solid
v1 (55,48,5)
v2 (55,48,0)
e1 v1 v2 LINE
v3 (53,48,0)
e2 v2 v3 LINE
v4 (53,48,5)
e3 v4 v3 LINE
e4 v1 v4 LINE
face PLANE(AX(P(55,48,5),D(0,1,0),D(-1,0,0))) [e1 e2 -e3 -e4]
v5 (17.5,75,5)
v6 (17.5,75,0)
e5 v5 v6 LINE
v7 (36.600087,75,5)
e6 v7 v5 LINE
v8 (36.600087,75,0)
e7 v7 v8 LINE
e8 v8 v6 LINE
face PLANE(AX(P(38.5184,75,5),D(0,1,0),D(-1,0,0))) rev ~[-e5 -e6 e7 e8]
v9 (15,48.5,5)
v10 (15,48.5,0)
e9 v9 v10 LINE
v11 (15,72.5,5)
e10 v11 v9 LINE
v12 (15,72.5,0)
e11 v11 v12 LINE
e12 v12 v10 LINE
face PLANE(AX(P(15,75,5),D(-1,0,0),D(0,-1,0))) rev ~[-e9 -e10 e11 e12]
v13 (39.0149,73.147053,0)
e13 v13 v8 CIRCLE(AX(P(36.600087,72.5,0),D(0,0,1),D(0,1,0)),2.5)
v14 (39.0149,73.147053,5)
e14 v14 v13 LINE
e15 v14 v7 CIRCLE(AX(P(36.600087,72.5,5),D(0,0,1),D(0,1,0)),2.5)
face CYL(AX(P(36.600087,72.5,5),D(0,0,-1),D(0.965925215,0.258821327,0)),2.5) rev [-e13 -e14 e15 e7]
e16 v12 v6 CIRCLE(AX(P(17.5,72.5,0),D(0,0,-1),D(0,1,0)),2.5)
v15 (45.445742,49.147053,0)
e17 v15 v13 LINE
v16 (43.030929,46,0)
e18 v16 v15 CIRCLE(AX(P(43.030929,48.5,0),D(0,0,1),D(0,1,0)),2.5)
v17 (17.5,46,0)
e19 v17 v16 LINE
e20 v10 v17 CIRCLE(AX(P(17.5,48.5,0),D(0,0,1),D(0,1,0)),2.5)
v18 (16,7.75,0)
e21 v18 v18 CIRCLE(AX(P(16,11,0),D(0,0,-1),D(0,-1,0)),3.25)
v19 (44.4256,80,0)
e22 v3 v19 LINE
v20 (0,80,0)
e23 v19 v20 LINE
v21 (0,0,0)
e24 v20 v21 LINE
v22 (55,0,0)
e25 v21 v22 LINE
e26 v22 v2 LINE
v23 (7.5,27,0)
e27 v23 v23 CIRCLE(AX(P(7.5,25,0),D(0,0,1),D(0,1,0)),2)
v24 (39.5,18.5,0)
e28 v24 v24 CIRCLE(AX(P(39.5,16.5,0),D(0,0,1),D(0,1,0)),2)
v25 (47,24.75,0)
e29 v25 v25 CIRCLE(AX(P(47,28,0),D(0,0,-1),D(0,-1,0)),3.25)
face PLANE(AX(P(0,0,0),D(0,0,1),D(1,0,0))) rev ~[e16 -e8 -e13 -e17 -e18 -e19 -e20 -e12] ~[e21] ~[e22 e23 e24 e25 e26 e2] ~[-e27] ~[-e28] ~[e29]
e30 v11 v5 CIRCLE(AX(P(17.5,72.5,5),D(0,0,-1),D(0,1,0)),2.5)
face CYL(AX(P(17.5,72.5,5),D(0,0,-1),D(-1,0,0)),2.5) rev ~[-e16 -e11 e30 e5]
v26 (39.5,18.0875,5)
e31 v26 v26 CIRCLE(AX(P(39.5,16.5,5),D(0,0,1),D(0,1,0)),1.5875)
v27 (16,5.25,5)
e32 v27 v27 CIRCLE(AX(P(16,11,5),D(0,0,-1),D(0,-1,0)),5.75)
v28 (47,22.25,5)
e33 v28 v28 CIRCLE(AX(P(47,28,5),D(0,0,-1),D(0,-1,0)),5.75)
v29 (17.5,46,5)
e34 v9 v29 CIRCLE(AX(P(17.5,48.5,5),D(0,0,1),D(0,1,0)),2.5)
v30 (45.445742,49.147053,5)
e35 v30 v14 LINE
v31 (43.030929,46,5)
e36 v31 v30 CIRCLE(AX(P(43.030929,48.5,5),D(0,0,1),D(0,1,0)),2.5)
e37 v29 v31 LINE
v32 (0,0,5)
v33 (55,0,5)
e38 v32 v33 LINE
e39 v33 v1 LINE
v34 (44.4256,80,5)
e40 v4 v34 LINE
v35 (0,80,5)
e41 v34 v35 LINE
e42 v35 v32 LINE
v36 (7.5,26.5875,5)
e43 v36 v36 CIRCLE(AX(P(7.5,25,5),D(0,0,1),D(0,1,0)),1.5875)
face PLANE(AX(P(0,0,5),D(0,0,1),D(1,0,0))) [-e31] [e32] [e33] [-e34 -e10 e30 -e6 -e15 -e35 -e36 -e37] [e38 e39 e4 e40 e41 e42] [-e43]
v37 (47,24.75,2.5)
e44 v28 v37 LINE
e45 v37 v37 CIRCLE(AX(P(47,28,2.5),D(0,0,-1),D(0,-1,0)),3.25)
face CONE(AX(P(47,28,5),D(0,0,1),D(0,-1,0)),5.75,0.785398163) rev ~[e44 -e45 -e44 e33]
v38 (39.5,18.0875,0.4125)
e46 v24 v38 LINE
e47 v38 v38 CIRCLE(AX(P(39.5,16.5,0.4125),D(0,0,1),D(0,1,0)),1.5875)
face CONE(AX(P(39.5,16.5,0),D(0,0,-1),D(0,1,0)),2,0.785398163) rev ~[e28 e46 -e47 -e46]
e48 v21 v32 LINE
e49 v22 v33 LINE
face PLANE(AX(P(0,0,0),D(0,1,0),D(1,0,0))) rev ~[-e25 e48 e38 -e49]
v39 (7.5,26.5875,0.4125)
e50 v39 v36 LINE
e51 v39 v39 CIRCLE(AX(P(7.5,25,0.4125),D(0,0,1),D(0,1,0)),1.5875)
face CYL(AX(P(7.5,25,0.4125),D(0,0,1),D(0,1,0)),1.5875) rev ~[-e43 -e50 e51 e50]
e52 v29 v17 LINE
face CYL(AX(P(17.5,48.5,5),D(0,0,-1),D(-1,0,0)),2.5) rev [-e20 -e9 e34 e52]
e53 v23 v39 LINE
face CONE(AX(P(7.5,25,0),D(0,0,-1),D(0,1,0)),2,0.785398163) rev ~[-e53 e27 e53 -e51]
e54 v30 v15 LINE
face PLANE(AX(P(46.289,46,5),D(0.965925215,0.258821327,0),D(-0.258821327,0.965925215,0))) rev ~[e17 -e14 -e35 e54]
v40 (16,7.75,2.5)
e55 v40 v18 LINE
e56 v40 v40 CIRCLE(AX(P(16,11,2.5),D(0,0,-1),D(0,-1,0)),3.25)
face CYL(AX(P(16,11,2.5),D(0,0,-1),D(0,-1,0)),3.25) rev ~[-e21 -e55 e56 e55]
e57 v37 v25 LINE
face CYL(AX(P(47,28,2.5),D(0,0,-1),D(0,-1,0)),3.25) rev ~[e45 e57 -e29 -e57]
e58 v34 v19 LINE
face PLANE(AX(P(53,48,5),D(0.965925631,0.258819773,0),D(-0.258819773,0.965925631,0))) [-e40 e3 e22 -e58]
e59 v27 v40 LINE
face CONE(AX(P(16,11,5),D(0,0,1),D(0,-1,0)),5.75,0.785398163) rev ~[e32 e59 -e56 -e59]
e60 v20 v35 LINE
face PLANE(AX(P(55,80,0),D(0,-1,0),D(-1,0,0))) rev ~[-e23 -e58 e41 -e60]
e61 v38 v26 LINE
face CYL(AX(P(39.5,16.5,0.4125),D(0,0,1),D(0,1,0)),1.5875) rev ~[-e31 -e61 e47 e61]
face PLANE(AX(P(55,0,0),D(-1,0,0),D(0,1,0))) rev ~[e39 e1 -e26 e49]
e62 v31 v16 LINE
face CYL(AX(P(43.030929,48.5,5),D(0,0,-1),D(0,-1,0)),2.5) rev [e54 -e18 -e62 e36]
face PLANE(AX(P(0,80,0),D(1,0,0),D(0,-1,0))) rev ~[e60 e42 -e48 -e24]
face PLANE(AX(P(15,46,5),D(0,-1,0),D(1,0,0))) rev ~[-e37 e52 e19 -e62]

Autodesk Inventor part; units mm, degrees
ref_plane "YZ Plane" through (0, 0, 0) normal (1, 0, 0) x (0, 1, 0)
ref_plane "XZ Plane" through (0, 0, 0) normal (0, 1, 0) x (-1, 0, 0)
ref_plane "XY Plane" through (0, 0, 0) normal (0, 0, 1) x (1, 0, 0)
sketch "Sketch1" plane through (0, 0, 0) normal (0, 0, 1) x (1, 0, 0)
  line L0 (0, 0) -> (55, 0)
  line L1 (55, 0) -> (55, 80)
  line L2 (55, 80) -> (0, 80)
  line L3 (0, 80) -> (0, 0)
  dimension "d0" = 55
  dimension "d1" = 80
extrude "Extrusion1" add sketch "Sketch1" along normal blind 5
sketch "Sketch2" plane through (0, 0, 5) normal (0, 0, 1) x (1, 0, 0)
  line L0 (55, 80) -> (55, 0) projected
  line L1 (0, 80) -> (55, 80) projected
  line L2 (55, 48) -> (53, 48)
  line L3 (53, 48) -> (44.4256, 80)
  line L4 (55, 0) -> (0, 0) projected
  dimension "d4" = 2
  dimension "d5" = 15
  dimension "d38" = 48
extrude "Extrusion2" cut sketch "Sketch2" against normal blind 5
sketch "Sketch3" plane through (0, 0, 5) normal (0, 0, 1) x (1, 0, 0)
  line L0 (55, 48) -> (53, 48) projected
  line L1 (53, 48) -> (44.4256, 80) projected
  line L2 (0, 80) -> (44.4256, 80) projected
  line L3 (0, 0) -> (0, 80) projected
  line L4 (15, 46) -> (46.289, 46)
  line L5 (38.5184, 75) -> (15, 75)
  line L6 (15, 75) -> (15, 46)
  line L7 (46.289, 46) -> (38.5184, 75)
  dimension "d8" = 29
  dimension "d9" = 15
  dimension "d10" = 5
  dimension "d11" = 7
extrude "Extrusion3" cut sketch "Sketch3" against normal blind 5
fillet "Fillet1" radius 2.5 4 edges at (46.289, 46, 2.5) (15, 46, 2.5) (15, 75, 2.5) (38.5184, 75, 2.5)
sketch "Sketch4" plane through (0, 0, 5) normal (0, 0, 1) x (1, 0, 0)
  line L0 (0, 0) -> (0, 80) projected
  line L1 (55, 0) -> (0, 0) projected
  line L2 (55, 48) -> (55, 0) projected
  point P0 (47, 28)
  point P1 (16, 11)
  dimension "d15" = 16
  dimension "d16" = 11
  dimension "d17" = 28
  dimension "d18" = 8
hole "Hole1" at (47, 28, 5) at (16, 11, 5) direction (0, 0, -1) diameter 6.5 depth 5 tip angle 118 countersink diameter 11.5 countersink angle 90
sketch "Sketch5" plane through (0, 0, 0) normal (0, 0, -1) x (-1, 0, 0)
  line L0 (-55, 0) -> (-55, 48) projected
  line L1 (0, 0) -> (-55, 0) projected
  line L2 (0, 80) -> (0, 0) projected
  point P0 (-7.5, 25)
  point P1 (-39.5, 16.5)
  dimension "d26" = 16.5
  dimension "d27" = 15.5
  dimension "d28" = 25
  dimension "d29" = 7.5
hole "Hole2" at (7.5, 25, 0) at (39.5, 16.5, 0) direction (0, 0, 1) diameter 3.175 depth 5 tip angle 118 countersink diameter 4 countersink angle 90
properties part number "LATERAL-ESQUERDA" material "Carbon Steel"
